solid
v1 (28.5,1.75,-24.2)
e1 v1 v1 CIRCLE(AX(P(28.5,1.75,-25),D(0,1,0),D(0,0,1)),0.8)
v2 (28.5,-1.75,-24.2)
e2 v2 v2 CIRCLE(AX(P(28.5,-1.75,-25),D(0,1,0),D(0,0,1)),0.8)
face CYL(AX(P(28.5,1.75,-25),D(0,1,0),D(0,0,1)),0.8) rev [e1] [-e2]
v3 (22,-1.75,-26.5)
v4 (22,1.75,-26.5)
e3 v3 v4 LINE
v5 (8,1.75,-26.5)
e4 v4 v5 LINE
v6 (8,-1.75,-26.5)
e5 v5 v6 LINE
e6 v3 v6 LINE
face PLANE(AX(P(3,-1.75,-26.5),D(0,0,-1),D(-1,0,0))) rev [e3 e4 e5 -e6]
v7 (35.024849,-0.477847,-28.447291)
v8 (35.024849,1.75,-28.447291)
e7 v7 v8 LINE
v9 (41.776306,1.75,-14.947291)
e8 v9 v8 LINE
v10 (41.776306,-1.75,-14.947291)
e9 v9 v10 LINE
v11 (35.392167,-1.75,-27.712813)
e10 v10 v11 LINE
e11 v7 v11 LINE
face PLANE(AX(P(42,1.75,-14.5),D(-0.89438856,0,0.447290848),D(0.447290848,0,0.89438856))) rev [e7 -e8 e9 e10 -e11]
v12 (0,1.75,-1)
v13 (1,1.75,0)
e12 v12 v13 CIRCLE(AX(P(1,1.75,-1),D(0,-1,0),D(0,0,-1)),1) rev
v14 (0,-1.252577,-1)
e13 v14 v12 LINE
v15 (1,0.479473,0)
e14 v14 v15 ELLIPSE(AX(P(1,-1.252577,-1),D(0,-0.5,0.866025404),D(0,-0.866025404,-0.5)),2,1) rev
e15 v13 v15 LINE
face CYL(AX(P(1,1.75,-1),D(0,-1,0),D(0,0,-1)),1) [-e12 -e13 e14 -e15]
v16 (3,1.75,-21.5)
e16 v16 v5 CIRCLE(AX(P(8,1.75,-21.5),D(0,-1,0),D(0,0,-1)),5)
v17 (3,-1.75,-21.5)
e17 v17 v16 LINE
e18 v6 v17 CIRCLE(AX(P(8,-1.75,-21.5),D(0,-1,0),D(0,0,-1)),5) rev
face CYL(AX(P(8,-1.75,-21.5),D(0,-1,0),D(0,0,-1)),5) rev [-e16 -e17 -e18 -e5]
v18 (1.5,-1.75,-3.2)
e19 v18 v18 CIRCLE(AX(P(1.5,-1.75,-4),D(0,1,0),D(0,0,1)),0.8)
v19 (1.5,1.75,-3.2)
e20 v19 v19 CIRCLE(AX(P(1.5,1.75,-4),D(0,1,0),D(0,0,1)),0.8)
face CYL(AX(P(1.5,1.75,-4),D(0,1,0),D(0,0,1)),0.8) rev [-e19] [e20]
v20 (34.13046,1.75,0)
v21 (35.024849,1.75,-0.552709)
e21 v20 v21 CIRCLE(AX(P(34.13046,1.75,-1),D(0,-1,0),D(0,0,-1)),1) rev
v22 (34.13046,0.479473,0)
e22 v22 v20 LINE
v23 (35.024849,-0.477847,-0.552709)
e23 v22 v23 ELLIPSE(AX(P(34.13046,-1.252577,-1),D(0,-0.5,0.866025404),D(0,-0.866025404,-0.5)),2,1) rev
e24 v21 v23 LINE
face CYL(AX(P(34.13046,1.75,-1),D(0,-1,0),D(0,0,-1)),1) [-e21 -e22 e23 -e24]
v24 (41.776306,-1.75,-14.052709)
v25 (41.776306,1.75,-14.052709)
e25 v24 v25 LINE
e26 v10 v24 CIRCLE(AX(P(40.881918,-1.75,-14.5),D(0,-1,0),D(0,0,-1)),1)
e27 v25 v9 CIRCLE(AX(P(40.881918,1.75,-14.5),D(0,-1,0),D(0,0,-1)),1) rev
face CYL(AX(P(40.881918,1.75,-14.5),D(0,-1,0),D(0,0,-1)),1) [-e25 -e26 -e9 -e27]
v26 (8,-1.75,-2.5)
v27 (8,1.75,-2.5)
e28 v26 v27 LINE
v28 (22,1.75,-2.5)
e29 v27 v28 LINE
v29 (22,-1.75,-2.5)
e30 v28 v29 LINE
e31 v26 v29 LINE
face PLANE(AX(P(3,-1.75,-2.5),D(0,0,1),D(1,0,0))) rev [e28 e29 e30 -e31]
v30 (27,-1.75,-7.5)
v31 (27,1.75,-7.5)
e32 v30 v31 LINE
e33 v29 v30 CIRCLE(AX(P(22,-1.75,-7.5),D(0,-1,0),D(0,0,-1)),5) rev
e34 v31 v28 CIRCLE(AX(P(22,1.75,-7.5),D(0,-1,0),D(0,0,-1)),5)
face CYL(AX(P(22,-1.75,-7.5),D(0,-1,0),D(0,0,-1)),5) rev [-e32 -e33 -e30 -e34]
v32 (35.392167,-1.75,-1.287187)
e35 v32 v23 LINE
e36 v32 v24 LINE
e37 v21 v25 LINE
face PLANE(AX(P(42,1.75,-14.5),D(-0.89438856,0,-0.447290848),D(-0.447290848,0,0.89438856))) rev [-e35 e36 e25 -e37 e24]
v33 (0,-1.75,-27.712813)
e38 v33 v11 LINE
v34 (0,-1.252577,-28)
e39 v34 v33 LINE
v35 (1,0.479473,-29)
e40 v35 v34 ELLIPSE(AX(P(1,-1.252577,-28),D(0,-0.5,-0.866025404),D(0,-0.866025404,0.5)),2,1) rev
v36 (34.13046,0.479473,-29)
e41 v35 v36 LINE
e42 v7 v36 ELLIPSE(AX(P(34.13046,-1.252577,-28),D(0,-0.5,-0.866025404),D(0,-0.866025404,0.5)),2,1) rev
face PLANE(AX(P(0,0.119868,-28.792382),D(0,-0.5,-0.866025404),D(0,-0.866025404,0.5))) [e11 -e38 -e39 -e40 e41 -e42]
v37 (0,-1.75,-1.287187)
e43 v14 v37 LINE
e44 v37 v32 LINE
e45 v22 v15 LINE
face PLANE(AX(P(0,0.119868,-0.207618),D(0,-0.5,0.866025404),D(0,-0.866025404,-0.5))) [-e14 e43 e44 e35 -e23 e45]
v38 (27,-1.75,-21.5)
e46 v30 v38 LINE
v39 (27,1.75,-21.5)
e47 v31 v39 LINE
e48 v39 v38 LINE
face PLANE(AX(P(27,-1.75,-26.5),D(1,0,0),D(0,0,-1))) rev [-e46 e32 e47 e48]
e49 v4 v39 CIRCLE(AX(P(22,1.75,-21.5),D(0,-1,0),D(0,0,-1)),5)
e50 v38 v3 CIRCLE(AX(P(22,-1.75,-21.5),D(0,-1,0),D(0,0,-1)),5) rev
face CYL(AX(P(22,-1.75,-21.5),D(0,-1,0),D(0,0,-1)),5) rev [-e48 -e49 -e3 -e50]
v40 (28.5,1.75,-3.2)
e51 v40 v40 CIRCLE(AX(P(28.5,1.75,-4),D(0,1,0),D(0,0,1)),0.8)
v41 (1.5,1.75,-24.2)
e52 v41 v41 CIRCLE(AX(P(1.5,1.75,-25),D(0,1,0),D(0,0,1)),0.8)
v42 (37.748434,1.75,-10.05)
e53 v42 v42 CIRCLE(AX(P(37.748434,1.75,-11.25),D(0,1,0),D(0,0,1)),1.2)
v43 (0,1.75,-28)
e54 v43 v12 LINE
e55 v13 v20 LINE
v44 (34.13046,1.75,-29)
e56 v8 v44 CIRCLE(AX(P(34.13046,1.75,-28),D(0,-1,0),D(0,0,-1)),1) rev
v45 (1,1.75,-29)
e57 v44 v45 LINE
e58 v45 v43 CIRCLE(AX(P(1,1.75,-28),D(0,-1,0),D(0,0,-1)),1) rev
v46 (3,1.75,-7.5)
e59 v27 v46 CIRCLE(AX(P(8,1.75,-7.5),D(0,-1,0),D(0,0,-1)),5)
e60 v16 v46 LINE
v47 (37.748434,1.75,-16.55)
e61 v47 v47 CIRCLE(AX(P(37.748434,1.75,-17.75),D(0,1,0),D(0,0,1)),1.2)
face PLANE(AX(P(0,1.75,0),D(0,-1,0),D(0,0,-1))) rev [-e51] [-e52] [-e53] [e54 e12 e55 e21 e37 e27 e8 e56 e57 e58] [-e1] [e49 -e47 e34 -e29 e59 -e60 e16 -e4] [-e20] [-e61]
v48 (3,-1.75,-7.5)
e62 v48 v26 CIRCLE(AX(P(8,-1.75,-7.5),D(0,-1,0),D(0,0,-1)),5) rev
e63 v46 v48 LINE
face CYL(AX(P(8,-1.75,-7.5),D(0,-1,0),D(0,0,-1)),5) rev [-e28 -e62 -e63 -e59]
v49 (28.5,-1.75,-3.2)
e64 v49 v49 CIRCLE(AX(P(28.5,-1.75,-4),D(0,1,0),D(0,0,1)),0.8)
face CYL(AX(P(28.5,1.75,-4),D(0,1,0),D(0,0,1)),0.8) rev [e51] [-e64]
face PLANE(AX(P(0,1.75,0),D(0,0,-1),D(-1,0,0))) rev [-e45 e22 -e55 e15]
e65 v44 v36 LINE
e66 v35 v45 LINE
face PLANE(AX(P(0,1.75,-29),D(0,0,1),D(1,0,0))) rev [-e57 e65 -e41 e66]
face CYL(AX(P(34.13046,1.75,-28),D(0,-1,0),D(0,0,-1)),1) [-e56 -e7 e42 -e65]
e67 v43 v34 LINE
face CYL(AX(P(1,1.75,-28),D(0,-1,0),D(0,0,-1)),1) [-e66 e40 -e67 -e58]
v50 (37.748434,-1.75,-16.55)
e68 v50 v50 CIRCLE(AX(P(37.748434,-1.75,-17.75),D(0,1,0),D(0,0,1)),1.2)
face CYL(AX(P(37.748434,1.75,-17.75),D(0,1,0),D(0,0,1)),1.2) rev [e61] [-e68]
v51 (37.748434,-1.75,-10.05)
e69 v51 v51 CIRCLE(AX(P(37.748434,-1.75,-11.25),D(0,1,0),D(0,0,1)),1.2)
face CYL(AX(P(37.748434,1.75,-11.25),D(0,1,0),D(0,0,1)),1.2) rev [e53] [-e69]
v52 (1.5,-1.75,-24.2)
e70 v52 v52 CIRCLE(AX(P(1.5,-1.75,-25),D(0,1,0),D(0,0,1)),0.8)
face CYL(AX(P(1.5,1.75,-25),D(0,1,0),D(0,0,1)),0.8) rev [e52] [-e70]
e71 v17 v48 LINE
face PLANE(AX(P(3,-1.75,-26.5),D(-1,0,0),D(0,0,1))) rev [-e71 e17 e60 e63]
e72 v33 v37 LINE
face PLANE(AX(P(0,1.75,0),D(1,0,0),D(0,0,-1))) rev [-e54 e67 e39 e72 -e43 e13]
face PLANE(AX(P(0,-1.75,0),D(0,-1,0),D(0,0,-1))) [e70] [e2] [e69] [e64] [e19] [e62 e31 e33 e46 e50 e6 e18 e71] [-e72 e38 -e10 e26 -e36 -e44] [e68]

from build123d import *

# Parameters (mm, degrees)
BOSS_EXTRUDE1_DEPTH     = 1.75
CUT_EXTRUDE1_DEPTH      = 52.069193258
CUT_EXTRUDE1_DEPTH_BACK = 52.069193258
SKETCH2_W               = 24
SKETCH2_H               = 24
FILLET1_R               = 5
M2X0_4_TAPPED_HOLE1_D   = 1.6
FILLET2_R               = 1
SKETCH11_W              = 39.153964454
SKETCH11_H              = 3.647114317
CUT_EXTRUDE2_DEPTH      = 51.858555782
M2_CLEARANCE_HOLE2_D    = 2.4


with BuildPart() as part:
    # Sketch1 → Boss-Extrude1 (new, symmetric)
    with BuildSketch(Plane(origin=(0, 0, 0), x_dir=(1, 0, 0), z_dir=(0, 1, 0))):
        Polygon((0, 0), (34.748434417, 0), (42, 14.5), (34.748434417, 29), (0, 29), align=None)
    extrude(amount=BOSS_EXTRUDE1_DEPTH, both=True)

    # Sketch2 → Cut-Extrude1 (cut, two sides: drawn at the far end of the back side and taken through both)
    with BuildSketch(Plane(origin=(0, 0, 0), x_dir=(1, 0, 0), z_dir=(0, 1, 0)).offset(-CUT_EXTRUDE1_DEPTH_BACK)):
        with Locations((15, 14.5)):
            Rectangle(SKETCH2_W, SKETCH2_H)
    extrude(amount=CUT_EXTRUDE1_DEPTH + CUT_EXTRUDE1_DEPTH_BACK, mode=Mode.SUBTRACT)

    # Fillet1
    fillet1_edges = [part.edges().sort_by_distance(p)[0] for p in [
        (3, 0, -2.5),
        (3, 0, -26.5),
        (27, 0, -26.5),
        (27, 0, -2.5),
    ]]
    fillet(fillet1_edges, radius=FILLET1_R)

    # M2x0.4 Tapped Hole1 (through all)
    with Locations(Plane(origin=(1.5, 1.75, -25), x_dir=(0, 0, 1), z_dir=(0, 1, 0))):
        with Locations((0, 0), (0, 27), (7.25, 36.248434417), (13.75, 36.248434417), (21, 27), (21, 0)):
            Hole(M2X0_4_TAPPED_HOLE1_D / 2)

    # Fillet2
    fillet2_edges = [part.edges().sort_by_distance(p)[0] for p in [
        (0, 0, -29),
        (34.748434417, 0, -29),
        (42, 0, -14.5),
        (34.748434417, 0, 0),
        (0, 0, 0),
    ]]
    fillet(fillet2_edges, radius=FILLET2_R)

    # Sketch11 → Cut-Extrude2 (cut, through all)
    with BuildSketch(Plane(origin=(0, 0.119868355, -0.207618081), x_dir=(1, 0, 0), z_dir=(9.104401052367775e-15, -0.5000000000000047, 0.866025403784436))):
        with Locations((19.576982227, -0.335580838)):
            Rectangle(SKETCH11_W, SKETCH11_H)
    cut_extrude2 = extrude(amount=CUT_EXTRUDE2_DEPTH, mode=Mode.SUBTRACT)

    # Mirror1: Cut-Extrude2 across plane
    add(cut_extrude2.mirror(Plane(origin=(0, 0, -14.5), x_dir=(1, 0, 0), z_dir=(0, 0, -1))), mode=Mode.SUBTRACT)

    # M2 Clearance Hole2 (through all)
    with Locations(Plane(origin=(37.748434417, 1.75, -17.75), x_dir=(0, 0, 1), z_dir=(0, 1, 0))):
        with Locations((0, 0), (6.5, 0)):
            Hole(M2_CLEARANCE_HOLE2_D / 2)


solid = part.part
